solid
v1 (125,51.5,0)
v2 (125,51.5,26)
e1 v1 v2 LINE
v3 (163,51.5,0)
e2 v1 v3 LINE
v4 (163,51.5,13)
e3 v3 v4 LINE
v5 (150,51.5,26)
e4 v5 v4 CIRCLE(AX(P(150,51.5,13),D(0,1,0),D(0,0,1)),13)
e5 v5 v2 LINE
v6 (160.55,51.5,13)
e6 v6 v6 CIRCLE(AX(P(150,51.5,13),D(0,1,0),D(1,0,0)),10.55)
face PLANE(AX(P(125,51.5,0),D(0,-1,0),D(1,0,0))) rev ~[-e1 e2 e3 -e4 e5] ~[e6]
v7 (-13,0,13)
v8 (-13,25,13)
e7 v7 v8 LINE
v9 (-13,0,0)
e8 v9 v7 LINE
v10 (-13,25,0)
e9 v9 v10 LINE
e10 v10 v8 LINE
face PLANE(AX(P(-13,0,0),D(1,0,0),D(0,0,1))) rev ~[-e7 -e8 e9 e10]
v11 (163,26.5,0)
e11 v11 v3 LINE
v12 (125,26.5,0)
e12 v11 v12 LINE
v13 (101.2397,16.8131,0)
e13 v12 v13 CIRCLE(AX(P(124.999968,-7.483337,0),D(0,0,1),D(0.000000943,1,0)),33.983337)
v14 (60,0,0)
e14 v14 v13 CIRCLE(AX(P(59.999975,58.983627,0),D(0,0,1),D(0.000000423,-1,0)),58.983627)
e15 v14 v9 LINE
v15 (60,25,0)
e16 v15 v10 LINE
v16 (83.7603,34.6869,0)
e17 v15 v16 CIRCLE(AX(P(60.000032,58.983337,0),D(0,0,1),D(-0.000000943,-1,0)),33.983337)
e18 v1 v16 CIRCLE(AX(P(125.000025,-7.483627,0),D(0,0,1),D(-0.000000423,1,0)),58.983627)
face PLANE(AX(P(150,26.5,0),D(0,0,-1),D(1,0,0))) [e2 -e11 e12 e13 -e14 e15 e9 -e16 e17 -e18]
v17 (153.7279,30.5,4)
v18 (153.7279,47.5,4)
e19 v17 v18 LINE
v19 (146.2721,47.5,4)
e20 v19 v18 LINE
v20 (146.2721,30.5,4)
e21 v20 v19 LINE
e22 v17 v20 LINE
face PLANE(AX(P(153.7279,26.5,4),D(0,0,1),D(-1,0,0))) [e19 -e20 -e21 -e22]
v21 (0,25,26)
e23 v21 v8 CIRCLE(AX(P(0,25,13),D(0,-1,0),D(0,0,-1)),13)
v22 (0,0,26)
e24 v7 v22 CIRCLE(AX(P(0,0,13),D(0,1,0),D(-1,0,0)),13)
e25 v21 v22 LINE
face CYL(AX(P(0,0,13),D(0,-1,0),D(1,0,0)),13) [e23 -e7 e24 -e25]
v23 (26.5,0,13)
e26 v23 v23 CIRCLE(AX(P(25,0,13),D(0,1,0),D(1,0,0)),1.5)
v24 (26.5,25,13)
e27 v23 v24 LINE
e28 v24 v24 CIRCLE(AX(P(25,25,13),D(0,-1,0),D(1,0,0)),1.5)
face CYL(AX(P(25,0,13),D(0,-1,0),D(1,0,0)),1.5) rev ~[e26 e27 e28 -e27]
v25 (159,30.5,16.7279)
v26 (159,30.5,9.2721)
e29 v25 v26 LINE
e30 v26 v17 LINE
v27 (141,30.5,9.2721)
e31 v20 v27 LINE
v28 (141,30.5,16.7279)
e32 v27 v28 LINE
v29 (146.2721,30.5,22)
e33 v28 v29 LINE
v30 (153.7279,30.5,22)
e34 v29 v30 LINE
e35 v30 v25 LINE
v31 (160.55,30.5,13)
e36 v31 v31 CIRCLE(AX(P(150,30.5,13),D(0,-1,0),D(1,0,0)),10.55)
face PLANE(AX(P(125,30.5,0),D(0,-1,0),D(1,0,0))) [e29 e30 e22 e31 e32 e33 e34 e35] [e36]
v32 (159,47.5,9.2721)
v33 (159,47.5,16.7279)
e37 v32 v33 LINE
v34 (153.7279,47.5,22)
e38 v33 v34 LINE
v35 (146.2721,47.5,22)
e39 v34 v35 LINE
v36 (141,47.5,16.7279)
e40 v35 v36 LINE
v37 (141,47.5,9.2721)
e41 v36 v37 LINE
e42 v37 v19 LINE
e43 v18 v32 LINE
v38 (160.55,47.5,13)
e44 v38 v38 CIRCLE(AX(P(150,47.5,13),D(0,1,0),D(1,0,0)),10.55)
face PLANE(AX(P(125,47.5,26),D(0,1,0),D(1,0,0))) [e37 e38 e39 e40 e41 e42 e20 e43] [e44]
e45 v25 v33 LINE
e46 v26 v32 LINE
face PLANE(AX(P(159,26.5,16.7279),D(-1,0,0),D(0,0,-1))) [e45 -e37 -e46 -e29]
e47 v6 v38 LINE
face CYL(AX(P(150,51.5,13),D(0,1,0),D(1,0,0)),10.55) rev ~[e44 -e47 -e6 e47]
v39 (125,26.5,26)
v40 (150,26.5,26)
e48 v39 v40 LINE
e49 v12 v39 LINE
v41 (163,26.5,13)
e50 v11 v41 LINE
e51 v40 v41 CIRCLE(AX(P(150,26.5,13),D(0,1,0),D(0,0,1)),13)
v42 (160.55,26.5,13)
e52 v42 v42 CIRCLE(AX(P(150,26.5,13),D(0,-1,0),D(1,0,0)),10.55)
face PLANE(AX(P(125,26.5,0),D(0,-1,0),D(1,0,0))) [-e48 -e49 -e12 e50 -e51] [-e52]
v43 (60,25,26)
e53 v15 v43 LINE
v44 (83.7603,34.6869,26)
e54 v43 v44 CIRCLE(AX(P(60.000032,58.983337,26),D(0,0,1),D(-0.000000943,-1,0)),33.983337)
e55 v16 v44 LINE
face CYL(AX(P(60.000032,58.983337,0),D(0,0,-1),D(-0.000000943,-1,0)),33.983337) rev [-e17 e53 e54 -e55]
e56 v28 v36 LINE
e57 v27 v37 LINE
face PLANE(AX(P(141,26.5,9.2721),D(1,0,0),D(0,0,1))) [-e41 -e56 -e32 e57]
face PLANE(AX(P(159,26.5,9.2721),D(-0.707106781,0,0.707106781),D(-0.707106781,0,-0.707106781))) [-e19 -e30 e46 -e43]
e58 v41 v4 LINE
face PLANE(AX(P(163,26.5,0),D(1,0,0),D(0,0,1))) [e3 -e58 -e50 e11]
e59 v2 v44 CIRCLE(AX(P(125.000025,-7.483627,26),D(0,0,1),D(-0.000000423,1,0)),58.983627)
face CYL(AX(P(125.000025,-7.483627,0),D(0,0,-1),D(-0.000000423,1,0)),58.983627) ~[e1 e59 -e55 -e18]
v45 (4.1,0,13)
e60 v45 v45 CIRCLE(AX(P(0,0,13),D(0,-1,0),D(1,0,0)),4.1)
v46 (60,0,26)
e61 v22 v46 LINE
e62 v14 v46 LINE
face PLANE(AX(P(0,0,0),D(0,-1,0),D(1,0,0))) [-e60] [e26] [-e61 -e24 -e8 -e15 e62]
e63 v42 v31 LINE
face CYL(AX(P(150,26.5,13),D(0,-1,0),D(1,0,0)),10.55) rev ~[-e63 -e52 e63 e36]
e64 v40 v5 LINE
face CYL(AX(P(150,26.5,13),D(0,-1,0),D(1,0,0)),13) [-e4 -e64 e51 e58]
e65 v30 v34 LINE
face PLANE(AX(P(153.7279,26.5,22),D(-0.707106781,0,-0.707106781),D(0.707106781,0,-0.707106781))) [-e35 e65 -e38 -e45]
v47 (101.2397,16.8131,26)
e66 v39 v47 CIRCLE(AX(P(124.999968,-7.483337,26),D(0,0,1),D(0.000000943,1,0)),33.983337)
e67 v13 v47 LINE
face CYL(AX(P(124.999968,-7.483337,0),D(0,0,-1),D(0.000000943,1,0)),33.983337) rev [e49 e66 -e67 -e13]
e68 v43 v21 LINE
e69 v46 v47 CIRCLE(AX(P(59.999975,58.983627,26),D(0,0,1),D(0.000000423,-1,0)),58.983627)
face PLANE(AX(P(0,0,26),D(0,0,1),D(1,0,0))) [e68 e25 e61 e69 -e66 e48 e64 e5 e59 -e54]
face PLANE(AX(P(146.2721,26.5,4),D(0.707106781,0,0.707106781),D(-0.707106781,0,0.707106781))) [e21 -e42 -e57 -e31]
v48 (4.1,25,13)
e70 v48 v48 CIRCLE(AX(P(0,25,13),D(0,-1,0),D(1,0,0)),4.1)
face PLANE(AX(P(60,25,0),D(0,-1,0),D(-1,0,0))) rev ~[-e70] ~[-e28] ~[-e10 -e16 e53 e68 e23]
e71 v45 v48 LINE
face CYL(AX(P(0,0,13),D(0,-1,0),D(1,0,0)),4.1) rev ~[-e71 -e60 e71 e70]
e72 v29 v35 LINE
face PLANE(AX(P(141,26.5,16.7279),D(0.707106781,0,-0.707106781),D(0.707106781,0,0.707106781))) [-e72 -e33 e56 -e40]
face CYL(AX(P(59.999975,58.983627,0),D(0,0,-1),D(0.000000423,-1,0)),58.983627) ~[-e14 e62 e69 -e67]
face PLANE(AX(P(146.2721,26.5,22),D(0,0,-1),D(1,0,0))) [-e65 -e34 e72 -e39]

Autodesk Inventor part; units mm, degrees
ref_plane "YZ Plane" through (0, 0, 0) normal (1, 0, 0) x (0, 1, 0)
ref_plane "XZ Plane" through (0, 0, 0) normal (0, 1, 0) x (-1, 0, 0)
ref_plane "XY Plane" through (0, 0, 0) normal (0, 0, 1) x (1, 0, 0)
sketch "Sketch1" plane through (0, 0, 0) normal (0, 0, 1) x (1, 0, 0)
  line L0 (0, 0) -> (60, 0)
  arc A0 (60, 0) -> (101.2397, 16.8131) centre (60, 58.9835) ccw
  arc A1 (125, 26.5) -> (101.2397, 16.8131) centre (125, -7.4835) ccw
  line L1 (125, 26.5) -> (150, 26.5)
  line L2 (150, 26.5) -> (150, 51.5)
  line L3 (150, 51.5) -> (125, 51.5)
  arc A2 (125, 51.5) -> (83.7603, 34.6869) centre (125, -7.4835) ccw
  arc A3 (60, 25) -> (83.7603, 34.6869) centre (60, 58.9835) ccw
  line L4 (60, 25) -> (0, 25)
  line L5 (0, 25) -> (0, 0)
  dimension "d0" = 25
  dimension "d1" = 60
  dimension "d2" = 25
  dimension "d3" = 150
  dimension "d4" = 1.5
extrude "Extrusion1" add sketch "Sketch1" along normal blind 26
sketch "Sketch2" plane through (125, 26.5, 0) normal (0, -1, 0) x (1, 0, 0)
  line L0 (25, 0) -> (25, 26) projected
  circle A0 centre (25, 13) radius 13
  point P0 (-125, 0)
extrude "Extrusion2" add sketch "Sketch2" against normal up to surface (25 mm away)
sketch "Sketch3" plane through (0, 0, 0) normal (0, -1, 0) x (1, 0, 0)
  line L0 (0, 0) -> (0, 26) projected
  circle A0 centre (0, 13) radius 13
  line L1 (0, 0) -> (-13, 0)
  line L2 (-13, 0) -> (-13, 13)
extrude "Extrusion3" add sketch "Sketch3" against normal up to surface (25 mm away)
sketch "Sketch4" plane through (125, 26.5, 0) normal (0, -1, 0) x (1, 0, 0)
  line L0 (0, 0) -> (25, 0) projected
  arc A0 (25, 0) -> (25, 26) centre (25, 13) ccw projected
  line L1 (25, 0) -> (38, 0)
  line L2 (38, 0) -> (38, 13)
  point P0 (-125, 0)
extrude "Extrusion4" add sketch "Sketch4" against normal up to surface (25 mm away)
sketch "Sketch5" plane through (60, 0, 0) normal (0, -1, 0) x (1, 0, 0)
  arc A0 (-60, 26) -> (-73, 13) centre (-60, 13) ccw projected
  circle A1 centre (-60, 13) radius 4.1
  point P0 (-60, 0)
  dimension "d13" = 8.2
extrude "Extrusion5" cut sketch "Sketch5" against normal through all
sketch "Sketch6" plane through (60, 0, 0) normal (0, -1, 0) x (1, 0, 0)
  arc A0 (-60, 26) -> (-73, 13) centre (-60, 13) ccw projected
  line L0 (-73, 13) -> (-73, 0) projected
  line L1 (-60, 13) -> (-35, 13)
  circle A1 centre (-35, 13) radius 1.5
  point P0 (-60, 0)
  dimension "d17" = 3
  dimension "d19" = 25
extrude "Extrusion6" cut sketch "Sketch6" against normal through all
sketch "Sketch7" plane through (125, 26.5, 0) normal (0, -1, 0) x (1, 0, 0)
  arc A0 (38, 13) -> (25, 26) centre (25, 13) ccw projected
  circle A1 centre (25, 13) radius 10.5 construction
  circle A2 centre (25, 13) radius 7.5 construction
  line L0 (21.2721, 22) -> (28.7279, 22)
  line L1 (28.7279, 22) -> (34, 16.7279)
  line L2 (34, 16.7279) -> (34, 9.2721)
  line L3 (34, 9.2721) -> (28.7279, 4)
  line L4 (28.7279, 4) -> (21.2721, 4)
  line L5 (21.2721, 4) -> (16, 9.2721)
  line L6 (16, 9.2721) -> (16, 16.7279)
  line L7 (16, 16.7279) -> (21.2721, 22)
  point P0 (-125, 0)
  dimension "d22" = 21
  dimension "d24" = 15
  dimension "d25" = 18
extrude "Extrusion7" cut sketch "Sketch7" against normal through all
sketch "Sketch8" plane through (125, 26.5, 0) normal (0, -1, 0) x (1, 0, 0)
  line L0 (16, 16.7279) -> (21.2721, 22) projected
  line L1 (21.2721, 22) -> (28.7279, 22) projected
  line L2 (28.7279, 22) -> (34, 16.7279) projected
  line L3 (34, 16.7279) -> (34, 9.2721) projected
  line L4 (34, 9.2721) -> (28.7279, 4) projected
  line L5 (28.7279, 4) -> (21.2721, 4) projected
  line L6 (21.2721, 4) -> (16, 9.2721) projected
  line L7 (16, 9.2721) -> (16, 16.7279) projected
  arc A0 (38, 13) -> (25, 26) centre (25, 13) ccw projected
  circle A1 centre (25, 13) radius 10.55
  point P0 (-125, 0)
  dimension "d28" = 21.1
extrude "Extrusion8" cut sketch "Sketch8" against normal blind 4
sketch "Sketch9" plane through (125, 51.5, 26) normal (0, 1, 0) x (1, 0, 0)
  line L0 (21.2721, 4) -> (16, 9.2721) projected
  line L1 (16, 9.2721) -> (16, 16.7279) projected
  line L2 (16, 16.7279) -> (21.2721, 22) projected
  line L3 (21.2721, 22) -> (28.7279, 22) projected
  line L4 (28.7279, 22) -> (34, 16.7279) projected
  line L5 (34, 16.7279) -> (34, 9.2721) projected
  line L6 (34, 9.2721) -> (28.7279, 4) projected
  line L7 (28.7279, 4) -> (21.2721, 4) projected
  circle A0 centre (25, 13) radius 10.55 projected
  point P0 (-125, 26)
extrude "Extrusion9" cut sketch "Sketch9" against normal blind 4
properties part number "xy forearm"
